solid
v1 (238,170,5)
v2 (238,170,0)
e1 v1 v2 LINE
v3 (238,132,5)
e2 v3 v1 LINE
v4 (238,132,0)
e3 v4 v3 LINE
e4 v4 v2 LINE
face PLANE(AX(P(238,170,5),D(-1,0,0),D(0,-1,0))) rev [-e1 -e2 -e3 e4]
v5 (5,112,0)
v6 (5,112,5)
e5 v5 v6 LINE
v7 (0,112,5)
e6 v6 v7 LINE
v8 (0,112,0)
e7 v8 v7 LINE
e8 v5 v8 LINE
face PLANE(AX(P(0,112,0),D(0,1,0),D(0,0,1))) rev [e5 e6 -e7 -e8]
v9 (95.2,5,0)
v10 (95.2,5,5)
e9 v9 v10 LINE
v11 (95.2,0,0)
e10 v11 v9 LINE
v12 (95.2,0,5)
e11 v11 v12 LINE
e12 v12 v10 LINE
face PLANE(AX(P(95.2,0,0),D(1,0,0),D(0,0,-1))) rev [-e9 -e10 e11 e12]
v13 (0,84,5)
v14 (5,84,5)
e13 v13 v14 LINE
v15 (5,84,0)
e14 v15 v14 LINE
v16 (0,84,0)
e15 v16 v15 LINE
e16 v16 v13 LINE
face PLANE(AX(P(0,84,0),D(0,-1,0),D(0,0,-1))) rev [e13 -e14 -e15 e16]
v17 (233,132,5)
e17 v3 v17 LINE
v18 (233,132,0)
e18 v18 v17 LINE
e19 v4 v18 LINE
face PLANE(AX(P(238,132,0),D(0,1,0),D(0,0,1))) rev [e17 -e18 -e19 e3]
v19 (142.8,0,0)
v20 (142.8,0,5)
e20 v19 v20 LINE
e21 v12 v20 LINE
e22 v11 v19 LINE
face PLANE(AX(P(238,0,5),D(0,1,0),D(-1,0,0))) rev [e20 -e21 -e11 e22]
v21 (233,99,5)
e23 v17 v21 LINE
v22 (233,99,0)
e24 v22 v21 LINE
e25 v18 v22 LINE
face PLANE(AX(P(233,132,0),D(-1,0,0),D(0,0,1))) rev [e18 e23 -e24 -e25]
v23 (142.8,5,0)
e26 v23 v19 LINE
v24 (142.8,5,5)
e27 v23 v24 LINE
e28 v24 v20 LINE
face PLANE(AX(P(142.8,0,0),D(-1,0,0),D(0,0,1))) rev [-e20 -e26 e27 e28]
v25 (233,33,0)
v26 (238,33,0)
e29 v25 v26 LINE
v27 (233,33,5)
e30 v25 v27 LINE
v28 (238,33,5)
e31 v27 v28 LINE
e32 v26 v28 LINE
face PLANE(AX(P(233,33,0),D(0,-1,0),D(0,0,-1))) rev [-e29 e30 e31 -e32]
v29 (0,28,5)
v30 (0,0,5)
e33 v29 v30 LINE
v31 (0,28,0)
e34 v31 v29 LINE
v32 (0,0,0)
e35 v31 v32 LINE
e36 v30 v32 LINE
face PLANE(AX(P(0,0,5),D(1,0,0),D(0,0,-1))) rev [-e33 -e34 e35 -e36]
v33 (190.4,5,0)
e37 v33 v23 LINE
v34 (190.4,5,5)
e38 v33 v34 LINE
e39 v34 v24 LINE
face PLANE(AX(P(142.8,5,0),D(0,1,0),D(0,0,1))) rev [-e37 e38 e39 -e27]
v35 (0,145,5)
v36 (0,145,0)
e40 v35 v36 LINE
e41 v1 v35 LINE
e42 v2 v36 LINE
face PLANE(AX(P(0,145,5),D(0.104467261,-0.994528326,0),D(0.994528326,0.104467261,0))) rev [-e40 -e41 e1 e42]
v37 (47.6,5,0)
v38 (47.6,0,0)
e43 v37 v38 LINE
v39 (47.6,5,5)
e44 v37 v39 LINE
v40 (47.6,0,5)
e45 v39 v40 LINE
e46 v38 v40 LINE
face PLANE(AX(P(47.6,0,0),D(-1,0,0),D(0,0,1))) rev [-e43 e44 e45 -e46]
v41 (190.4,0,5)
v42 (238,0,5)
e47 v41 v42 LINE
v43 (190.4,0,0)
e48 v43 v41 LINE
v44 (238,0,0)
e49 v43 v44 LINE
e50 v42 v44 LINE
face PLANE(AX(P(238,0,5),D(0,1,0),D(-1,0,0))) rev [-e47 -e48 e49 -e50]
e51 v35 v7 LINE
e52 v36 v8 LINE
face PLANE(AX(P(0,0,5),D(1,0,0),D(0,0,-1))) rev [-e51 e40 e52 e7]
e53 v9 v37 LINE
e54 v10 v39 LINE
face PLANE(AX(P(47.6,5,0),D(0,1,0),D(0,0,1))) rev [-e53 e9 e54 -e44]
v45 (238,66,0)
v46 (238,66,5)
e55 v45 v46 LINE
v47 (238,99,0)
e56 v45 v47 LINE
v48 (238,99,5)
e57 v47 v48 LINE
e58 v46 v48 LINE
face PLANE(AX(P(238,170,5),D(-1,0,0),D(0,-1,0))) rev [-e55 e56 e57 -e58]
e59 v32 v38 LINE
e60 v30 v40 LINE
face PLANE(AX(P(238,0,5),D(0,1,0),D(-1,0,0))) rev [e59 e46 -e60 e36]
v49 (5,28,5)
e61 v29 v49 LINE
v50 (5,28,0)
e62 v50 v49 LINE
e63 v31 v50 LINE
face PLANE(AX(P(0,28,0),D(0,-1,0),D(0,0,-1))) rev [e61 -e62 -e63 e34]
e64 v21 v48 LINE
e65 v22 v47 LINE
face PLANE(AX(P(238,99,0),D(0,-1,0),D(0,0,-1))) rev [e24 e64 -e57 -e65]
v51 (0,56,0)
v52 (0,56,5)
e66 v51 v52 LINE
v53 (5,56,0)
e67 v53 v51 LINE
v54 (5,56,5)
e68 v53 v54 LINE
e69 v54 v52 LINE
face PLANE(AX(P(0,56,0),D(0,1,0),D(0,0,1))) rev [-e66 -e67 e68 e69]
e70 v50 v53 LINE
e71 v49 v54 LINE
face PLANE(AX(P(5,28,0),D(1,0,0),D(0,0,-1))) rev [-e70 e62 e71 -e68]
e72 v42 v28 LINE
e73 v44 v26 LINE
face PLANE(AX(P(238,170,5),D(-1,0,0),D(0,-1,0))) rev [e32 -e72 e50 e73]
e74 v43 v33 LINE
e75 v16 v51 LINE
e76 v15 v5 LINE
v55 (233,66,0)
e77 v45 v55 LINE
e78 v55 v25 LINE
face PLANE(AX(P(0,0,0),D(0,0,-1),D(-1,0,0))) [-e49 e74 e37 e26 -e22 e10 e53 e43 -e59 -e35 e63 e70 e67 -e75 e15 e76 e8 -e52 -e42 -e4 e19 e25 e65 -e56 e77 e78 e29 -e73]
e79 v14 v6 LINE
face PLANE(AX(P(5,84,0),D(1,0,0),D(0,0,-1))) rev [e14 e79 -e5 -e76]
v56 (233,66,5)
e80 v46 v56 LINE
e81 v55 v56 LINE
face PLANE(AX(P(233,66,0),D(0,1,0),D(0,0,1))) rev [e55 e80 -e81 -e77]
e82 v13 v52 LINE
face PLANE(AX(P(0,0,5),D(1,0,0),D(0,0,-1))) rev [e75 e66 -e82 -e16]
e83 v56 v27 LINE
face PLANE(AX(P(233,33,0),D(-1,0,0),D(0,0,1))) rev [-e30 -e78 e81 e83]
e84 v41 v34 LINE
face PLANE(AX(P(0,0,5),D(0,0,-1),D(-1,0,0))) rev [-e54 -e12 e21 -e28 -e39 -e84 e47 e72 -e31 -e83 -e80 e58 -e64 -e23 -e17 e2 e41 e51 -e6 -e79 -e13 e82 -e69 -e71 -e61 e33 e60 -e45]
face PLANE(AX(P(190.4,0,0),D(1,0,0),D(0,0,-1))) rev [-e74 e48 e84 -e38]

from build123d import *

# Parameters (mm, degrees)
BOSS_EXTRU_1_DEPTH      = 5
ESQUISSE2_W             = 5
ESQUISSE2_H             = 28
ESQUISSE2_W_2           = 47.6
ESQUISSE2_H_2           = 5
ESQUISSE2_H_3           = 33
ENL_V_MAT_EXTRU_1_DEPTH = 5


with BuildPart() as part:
    # Esquisse1 → Boss.-Extru.1 (new body)
    with BuildSketch(Plane.XY):
        Polygon((0, 0), (0, 145), (238, 170), (238, 5), (238, 0), align=None)
    extrude(amount=BOSS_EXTRU_1_DEPTH)

    # Esquisse2 → Enlèv. mat.-Extru.1 (cut)
    with BuildSketch(Plane.XY.offset(5)):
        with Locations((2.5, 42)):
            Rectangle(ESQUISSE2_W, ESQUISSE2_H)
        with Locations((2.5, 98)):
            Rectangle(ESQUISSE2_W, ESQUISSE2_H)
        with Locations((71.4, 2.5)):
            Rectangle(ESQUISSE2_W_2, ESQUISSE2_H_2)
        with Locations((166.6, 2.5)):
            Rectangle(ESQUISSE2_W_2, ESQUISSE2_H_2)
        with Locations((235.5, 115.5)):
            Rectangle(ESQUISSE2_W, ESQUISSE2_H_3)
        with Locations((235.5, 49.5)):
            Rectangle(ESQUISSE2_W, ESQUISSE2_H_3)
    extrude(amount=-ENL_V_MAT_EXTRU_1_DEPTH, mode=Mode.SUBTRACT)


solid = part.part
